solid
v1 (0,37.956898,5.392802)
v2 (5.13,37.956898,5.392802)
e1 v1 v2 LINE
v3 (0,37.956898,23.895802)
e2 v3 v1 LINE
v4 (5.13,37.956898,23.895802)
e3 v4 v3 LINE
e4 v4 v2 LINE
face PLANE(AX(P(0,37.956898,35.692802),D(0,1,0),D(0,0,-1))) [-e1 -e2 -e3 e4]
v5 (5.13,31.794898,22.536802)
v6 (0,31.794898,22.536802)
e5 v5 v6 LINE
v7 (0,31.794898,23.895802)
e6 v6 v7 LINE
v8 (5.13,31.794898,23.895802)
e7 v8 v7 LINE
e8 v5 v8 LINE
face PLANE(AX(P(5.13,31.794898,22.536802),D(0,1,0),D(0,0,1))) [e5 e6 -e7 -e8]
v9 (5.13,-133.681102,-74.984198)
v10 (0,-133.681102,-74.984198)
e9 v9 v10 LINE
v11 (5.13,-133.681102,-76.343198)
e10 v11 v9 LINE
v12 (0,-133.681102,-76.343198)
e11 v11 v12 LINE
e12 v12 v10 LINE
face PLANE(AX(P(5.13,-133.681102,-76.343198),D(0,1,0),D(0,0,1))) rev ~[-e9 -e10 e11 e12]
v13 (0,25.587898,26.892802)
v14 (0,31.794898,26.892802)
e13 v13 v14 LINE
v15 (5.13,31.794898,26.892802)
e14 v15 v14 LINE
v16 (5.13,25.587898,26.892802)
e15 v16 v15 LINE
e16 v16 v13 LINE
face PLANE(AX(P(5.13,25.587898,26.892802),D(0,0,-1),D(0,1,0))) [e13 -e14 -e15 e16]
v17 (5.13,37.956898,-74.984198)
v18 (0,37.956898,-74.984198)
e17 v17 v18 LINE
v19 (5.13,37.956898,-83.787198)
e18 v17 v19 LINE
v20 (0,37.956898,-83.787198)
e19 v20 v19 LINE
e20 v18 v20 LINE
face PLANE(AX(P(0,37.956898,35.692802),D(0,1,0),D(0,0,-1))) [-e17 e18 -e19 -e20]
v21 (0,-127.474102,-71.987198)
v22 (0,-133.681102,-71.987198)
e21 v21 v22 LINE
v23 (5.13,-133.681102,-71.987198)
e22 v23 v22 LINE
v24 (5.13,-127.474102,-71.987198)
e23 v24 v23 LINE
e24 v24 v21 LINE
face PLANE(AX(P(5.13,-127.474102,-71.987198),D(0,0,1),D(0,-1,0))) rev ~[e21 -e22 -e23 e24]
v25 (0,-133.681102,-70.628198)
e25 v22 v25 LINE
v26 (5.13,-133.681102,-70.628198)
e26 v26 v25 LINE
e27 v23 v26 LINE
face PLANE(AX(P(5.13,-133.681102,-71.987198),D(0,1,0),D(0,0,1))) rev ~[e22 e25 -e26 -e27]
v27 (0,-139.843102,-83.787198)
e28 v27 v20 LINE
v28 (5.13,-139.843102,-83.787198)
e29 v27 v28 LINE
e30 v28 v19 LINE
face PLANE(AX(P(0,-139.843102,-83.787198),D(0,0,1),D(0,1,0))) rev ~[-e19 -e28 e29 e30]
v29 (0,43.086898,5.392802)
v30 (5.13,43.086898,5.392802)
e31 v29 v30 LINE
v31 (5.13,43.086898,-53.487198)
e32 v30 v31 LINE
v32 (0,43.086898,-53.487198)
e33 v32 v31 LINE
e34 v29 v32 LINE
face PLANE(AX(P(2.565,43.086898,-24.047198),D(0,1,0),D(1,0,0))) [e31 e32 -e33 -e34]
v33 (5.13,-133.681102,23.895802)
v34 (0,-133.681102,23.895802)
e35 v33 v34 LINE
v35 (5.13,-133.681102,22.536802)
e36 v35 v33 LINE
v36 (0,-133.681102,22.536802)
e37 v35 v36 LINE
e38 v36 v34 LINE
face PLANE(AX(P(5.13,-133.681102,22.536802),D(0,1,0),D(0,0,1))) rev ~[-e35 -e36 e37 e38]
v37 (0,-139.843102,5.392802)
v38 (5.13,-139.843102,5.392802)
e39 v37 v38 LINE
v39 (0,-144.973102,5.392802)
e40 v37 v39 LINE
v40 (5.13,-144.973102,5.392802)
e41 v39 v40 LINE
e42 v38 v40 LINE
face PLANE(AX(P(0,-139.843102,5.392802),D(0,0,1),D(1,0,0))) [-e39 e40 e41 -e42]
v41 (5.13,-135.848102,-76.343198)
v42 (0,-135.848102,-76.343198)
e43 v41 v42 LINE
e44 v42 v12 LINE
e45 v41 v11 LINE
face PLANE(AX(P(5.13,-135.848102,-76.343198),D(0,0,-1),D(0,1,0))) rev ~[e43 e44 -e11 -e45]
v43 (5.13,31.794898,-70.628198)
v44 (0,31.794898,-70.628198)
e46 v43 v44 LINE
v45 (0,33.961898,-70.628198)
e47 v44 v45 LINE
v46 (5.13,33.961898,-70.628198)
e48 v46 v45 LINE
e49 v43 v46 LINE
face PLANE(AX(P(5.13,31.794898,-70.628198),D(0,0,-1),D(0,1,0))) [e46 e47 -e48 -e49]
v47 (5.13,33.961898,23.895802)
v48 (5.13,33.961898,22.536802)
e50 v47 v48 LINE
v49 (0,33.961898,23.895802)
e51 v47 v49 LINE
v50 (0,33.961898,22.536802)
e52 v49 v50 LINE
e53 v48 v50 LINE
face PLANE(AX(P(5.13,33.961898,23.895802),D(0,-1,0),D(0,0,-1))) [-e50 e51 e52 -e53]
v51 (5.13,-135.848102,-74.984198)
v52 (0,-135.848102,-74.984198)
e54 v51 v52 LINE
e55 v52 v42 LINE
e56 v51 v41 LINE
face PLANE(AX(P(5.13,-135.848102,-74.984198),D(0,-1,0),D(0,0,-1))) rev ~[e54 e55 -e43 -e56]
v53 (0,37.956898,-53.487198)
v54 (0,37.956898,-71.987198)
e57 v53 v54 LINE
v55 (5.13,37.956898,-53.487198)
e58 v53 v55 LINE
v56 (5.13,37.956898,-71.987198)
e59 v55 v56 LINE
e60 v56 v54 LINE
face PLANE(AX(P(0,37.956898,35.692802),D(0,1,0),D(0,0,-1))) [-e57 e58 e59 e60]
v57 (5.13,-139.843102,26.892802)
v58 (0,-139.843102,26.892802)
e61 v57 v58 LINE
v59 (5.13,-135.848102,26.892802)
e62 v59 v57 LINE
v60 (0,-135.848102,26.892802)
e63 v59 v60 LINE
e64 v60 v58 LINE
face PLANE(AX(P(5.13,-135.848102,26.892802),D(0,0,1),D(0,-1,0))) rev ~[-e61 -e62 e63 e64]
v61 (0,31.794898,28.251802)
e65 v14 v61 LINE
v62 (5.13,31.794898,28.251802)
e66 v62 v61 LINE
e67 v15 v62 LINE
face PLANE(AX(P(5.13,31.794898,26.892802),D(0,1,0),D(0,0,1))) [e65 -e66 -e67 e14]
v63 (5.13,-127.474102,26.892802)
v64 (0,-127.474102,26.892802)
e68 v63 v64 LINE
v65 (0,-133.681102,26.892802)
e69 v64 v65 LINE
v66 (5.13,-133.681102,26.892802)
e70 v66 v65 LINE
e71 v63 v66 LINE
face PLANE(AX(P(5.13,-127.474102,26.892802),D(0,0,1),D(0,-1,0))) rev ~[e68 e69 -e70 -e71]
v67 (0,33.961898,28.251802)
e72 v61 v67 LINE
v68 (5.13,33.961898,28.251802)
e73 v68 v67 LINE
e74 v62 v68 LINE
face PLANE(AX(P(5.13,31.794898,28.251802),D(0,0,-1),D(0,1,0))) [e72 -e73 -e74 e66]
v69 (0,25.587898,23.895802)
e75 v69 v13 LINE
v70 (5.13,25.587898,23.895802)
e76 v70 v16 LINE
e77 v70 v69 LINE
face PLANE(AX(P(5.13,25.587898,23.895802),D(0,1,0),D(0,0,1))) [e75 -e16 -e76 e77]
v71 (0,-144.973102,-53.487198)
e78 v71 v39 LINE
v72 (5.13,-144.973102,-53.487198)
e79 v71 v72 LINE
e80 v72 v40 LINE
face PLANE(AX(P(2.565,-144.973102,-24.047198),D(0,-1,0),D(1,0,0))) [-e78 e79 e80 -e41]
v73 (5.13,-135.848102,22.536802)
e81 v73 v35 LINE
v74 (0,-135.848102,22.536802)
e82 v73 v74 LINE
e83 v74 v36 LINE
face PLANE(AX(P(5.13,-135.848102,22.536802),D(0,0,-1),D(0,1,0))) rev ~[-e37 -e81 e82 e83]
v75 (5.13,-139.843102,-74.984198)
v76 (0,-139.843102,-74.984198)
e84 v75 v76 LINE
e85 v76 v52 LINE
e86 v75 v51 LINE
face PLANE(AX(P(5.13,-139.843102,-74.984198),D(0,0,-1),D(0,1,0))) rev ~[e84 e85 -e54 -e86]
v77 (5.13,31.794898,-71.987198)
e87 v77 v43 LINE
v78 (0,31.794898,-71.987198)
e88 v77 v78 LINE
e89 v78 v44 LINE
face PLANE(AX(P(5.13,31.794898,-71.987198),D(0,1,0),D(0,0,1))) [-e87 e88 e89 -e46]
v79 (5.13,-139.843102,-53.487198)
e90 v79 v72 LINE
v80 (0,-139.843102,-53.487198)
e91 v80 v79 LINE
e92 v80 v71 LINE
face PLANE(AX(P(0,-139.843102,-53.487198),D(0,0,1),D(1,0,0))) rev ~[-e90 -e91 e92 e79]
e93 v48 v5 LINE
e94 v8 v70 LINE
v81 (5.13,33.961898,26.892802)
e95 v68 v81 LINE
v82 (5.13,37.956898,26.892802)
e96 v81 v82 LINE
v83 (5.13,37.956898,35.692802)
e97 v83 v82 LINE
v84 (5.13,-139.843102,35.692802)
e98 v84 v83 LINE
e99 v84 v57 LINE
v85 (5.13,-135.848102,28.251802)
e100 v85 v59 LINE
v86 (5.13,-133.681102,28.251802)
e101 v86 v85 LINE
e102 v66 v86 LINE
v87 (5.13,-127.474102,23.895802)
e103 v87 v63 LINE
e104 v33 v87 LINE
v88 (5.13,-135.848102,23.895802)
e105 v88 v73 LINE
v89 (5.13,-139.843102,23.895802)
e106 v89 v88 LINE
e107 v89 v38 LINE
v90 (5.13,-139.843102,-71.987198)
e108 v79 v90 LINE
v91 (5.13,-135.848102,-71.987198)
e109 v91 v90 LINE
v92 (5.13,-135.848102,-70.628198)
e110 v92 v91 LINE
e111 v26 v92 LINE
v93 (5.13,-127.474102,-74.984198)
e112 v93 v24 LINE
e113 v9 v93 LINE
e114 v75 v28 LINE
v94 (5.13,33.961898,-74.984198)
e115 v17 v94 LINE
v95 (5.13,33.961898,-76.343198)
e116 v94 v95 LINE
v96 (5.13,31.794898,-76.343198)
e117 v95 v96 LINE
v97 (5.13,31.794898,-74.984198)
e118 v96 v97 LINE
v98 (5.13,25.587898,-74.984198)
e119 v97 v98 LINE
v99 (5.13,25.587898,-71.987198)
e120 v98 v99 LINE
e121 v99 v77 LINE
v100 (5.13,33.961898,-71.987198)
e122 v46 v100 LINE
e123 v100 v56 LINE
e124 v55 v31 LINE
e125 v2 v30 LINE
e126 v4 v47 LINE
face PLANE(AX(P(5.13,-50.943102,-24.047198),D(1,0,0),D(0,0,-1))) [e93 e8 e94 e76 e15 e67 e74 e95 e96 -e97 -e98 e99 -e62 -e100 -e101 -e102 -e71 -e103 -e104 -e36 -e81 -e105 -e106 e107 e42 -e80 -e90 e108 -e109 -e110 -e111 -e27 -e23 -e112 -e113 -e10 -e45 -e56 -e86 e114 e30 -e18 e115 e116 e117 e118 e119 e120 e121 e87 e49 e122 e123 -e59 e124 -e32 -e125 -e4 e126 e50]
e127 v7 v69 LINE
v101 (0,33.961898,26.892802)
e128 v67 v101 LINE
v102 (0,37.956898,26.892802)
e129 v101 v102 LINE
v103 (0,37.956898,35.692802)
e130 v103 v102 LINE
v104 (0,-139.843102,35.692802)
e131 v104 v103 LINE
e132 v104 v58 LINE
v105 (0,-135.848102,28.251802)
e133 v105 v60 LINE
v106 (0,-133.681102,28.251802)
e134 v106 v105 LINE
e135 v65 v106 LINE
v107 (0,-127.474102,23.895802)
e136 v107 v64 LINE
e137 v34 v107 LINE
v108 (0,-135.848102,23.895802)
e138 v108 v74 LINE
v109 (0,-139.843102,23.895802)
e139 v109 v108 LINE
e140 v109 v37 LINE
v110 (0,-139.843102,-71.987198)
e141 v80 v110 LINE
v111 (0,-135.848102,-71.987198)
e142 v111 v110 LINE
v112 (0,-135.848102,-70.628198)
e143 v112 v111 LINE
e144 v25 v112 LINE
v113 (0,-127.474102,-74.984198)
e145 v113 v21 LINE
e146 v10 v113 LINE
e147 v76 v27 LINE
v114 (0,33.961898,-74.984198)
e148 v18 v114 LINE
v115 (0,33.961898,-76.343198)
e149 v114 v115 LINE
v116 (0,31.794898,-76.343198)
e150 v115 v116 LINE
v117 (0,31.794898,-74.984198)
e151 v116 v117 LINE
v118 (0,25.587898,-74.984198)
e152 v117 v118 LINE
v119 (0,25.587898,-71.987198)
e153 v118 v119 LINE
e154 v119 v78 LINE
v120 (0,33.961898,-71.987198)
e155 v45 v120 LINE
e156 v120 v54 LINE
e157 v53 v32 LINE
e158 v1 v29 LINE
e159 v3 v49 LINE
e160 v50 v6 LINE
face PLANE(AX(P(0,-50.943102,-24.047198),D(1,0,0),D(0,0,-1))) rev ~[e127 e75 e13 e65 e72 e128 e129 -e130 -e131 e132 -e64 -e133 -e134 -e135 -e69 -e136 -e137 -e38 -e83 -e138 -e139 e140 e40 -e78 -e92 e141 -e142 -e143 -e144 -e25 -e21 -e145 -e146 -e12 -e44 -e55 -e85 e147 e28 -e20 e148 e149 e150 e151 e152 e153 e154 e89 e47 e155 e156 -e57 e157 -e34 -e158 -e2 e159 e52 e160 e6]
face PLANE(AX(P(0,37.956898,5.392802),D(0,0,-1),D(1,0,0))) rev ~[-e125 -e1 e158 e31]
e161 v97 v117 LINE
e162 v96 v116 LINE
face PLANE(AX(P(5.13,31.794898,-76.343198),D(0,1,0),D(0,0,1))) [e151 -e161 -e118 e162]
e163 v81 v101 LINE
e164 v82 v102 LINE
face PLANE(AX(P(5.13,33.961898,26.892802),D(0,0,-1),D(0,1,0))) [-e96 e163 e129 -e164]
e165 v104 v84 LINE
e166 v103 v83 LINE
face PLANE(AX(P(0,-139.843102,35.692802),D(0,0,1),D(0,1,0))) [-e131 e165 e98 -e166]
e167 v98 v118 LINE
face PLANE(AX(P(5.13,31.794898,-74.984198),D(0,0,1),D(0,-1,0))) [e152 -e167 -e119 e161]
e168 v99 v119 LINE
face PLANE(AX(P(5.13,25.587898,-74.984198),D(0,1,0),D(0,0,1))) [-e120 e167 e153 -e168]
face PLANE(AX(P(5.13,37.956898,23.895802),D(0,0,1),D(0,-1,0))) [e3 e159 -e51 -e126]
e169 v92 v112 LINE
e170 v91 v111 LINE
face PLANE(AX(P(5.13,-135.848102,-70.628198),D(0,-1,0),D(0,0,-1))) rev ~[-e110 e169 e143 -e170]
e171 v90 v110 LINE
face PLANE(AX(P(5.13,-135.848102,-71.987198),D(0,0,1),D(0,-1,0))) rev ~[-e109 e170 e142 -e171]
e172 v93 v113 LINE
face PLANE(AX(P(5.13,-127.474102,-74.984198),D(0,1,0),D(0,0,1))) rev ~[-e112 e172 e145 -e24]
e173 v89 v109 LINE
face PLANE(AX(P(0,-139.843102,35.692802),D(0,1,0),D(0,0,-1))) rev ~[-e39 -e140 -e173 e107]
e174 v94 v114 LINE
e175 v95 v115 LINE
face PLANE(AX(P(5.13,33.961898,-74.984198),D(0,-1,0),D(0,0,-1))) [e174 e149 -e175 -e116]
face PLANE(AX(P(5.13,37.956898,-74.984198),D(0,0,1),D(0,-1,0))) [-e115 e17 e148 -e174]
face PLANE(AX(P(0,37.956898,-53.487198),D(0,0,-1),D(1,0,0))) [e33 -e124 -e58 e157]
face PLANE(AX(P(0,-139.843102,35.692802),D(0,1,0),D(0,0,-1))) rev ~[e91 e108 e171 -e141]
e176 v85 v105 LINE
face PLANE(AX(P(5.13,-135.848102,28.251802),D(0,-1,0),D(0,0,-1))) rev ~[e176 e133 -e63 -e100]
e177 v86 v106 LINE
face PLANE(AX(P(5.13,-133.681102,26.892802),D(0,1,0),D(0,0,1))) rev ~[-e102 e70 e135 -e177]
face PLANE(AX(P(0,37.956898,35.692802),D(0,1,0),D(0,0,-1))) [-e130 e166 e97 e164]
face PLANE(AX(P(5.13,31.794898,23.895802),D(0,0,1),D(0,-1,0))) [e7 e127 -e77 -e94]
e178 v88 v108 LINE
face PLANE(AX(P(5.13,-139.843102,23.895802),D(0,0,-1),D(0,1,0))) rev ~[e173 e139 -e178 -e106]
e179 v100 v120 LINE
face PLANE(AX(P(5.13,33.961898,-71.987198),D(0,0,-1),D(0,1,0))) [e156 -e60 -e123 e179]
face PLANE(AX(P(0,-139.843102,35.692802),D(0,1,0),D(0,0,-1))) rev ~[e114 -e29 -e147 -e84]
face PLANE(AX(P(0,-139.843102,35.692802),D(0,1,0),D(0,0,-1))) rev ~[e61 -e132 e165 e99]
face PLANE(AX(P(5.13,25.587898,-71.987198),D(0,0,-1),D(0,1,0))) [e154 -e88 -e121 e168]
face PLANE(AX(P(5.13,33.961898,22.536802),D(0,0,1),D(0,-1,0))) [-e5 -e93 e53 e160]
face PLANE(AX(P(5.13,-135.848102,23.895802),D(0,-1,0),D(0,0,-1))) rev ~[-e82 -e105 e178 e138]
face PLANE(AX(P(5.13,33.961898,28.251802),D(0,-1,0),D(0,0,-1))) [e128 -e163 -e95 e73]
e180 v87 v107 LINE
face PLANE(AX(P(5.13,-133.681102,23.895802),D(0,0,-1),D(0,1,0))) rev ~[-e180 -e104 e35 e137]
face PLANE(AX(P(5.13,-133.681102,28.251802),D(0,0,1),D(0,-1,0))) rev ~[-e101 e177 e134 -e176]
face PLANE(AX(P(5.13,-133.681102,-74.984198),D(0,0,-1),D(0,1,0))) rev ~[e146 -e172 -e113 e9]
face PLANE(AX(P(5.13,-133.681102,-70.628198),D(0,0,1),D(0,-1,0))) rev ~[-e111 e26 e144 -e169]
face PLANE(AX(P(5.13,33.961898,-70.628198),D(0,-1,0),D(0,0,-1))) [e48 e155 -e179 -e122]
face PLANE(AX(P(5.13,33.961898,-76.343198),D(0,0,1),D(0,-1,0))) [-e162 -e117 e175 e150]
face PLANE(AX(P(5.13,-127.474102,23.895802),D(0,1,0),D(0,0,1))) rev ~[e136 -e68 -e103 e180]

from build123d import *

# Parameters (mm, degrees)
SKETCH1_W           = 119.48
SKETCH1_H           = 177.8
BOSS_EXTRUDE1_DEPTH = 5.13
CUT_EXTRUDE1_DEPTH  = 5.13
SKETCH5_W           = 5.13
SKETCH5_H           = 58.88
BOSS_EXTRUDE2_DEPTH = 5.13
SKETCH8_W           = 5.13
SKETCH8_H           = 58.88
BOSS_EXTRUDE3_DEPTH = 5.13


with BuildPart() as part:
    # Sketch1 → Boss-Extrude1 (new body)
    with BuildSketch(Plane(origin=(0, 0, 0), x_dir=(0, 0, -1), z_dir=(1, 0, 0))):
        with Locations((24.047197546, -50.943101868)):
            Rectangle(SKETCH1_W, SKETCH1_H)
    extrude(amount=BOSS_EXTRUDE1_DEPTH)

    # Sketch2 → Cut-Extrude1 (cut)
    with BuildSketch(Plane(origin=(5.13, 0, 0), x_dir=(0, 0, -1), z_dir=(1, 0, 0))):
        Polygon((-26.892802454, 37.956898132), (-23.895802454, 37.956898132), (-23.895802454, 33.961898132), (-22.536802454, 33.961898132), (-22.536802454, 31.794898132), (-23.895802454, 31.794898132), (-23.895802454, 25.587898132), (-26.892802454, 25.587898132), (-26.892802454, 31.794898132), (-28.251802454, 31.794898132), (-28.251802454, 33.961898132), (-26.892802454, 33.961898132), align=None)
        Polygon((71.987197546, 33.961898132), (71.987197546, 37.956898132), (74.984197546, 37.956898132), (74.984197546, 33.961898132), (76.343197546, 33.961898132), (76.343197546, 31.794898132), (74.984197546, 31.794898132), (74.984197546, 25.587898132), (71.987197546, 25.587898132), (71.987197546, 31.794898132), (70.628197546, 31.794898132), (70.628197546, 33.961898132), align=None)
        Polygon((76.343197546, -133.681101868), (74.984197546, -133.681101868), (74.984197546, -127.474101868), (71.987197546, -127.474101868), (71.987197546, -133.681101868), (70.628197546, -133.681101868), (70.628197546, -135.848101868), (71.987197546, -135.848101868), (71.987197546, -139.843101868), (74.984197546, -139.843101868), (74.984197546, -135.848101868), (76.343197546, -135.848101868), align=None)
        Polygon((-26.892802454, -139.843101868), (-23.895802454, -139.843101868), (-23.895802454, -135.848101868), (-22.536802454, -135.848101868), (-22.536802454, -133.681101868), (-23.895802454, -133.681101868), (-23.895802454, -127.474101868), (-26.892802454, -127.474101868), (-26.892802454, -133.681101868), (-28.251802454, -133.681101868), (-28.251802454, -135.848101868), (-26.892802454, -135.848101868), align=None)
    extrude(amount=-CUT_EXTRUDE1_DEPTH, mode=Mode.SUBTRACT)

    # Sketch5 → Boss-Extrude2 (add)
    with BuildSketch(Plane(origin=(0, 37.956898132, 0), x_dir=(1, 0, 0), z_dir=(0, 1, 0))):
        with Locations((2.565, 24.047197546)):
            Rectangle(SKETCH5_W, SKETCH5_H)
    extrude(amount=BOSS_EXTRUDE2_DEPTH)

    # Sketch8 → Boss-Extrude3 (add)
    with BuildSketch(Plane.XZ.offset(139.843101868)):
        with Locations((2.565, -24.047197546)):
            Rectangle(SKETCH8_W, SKETCH8_H)
    extrude(amount=BOSS_EXTRUDE3_DEPTH)


solid = part.part
